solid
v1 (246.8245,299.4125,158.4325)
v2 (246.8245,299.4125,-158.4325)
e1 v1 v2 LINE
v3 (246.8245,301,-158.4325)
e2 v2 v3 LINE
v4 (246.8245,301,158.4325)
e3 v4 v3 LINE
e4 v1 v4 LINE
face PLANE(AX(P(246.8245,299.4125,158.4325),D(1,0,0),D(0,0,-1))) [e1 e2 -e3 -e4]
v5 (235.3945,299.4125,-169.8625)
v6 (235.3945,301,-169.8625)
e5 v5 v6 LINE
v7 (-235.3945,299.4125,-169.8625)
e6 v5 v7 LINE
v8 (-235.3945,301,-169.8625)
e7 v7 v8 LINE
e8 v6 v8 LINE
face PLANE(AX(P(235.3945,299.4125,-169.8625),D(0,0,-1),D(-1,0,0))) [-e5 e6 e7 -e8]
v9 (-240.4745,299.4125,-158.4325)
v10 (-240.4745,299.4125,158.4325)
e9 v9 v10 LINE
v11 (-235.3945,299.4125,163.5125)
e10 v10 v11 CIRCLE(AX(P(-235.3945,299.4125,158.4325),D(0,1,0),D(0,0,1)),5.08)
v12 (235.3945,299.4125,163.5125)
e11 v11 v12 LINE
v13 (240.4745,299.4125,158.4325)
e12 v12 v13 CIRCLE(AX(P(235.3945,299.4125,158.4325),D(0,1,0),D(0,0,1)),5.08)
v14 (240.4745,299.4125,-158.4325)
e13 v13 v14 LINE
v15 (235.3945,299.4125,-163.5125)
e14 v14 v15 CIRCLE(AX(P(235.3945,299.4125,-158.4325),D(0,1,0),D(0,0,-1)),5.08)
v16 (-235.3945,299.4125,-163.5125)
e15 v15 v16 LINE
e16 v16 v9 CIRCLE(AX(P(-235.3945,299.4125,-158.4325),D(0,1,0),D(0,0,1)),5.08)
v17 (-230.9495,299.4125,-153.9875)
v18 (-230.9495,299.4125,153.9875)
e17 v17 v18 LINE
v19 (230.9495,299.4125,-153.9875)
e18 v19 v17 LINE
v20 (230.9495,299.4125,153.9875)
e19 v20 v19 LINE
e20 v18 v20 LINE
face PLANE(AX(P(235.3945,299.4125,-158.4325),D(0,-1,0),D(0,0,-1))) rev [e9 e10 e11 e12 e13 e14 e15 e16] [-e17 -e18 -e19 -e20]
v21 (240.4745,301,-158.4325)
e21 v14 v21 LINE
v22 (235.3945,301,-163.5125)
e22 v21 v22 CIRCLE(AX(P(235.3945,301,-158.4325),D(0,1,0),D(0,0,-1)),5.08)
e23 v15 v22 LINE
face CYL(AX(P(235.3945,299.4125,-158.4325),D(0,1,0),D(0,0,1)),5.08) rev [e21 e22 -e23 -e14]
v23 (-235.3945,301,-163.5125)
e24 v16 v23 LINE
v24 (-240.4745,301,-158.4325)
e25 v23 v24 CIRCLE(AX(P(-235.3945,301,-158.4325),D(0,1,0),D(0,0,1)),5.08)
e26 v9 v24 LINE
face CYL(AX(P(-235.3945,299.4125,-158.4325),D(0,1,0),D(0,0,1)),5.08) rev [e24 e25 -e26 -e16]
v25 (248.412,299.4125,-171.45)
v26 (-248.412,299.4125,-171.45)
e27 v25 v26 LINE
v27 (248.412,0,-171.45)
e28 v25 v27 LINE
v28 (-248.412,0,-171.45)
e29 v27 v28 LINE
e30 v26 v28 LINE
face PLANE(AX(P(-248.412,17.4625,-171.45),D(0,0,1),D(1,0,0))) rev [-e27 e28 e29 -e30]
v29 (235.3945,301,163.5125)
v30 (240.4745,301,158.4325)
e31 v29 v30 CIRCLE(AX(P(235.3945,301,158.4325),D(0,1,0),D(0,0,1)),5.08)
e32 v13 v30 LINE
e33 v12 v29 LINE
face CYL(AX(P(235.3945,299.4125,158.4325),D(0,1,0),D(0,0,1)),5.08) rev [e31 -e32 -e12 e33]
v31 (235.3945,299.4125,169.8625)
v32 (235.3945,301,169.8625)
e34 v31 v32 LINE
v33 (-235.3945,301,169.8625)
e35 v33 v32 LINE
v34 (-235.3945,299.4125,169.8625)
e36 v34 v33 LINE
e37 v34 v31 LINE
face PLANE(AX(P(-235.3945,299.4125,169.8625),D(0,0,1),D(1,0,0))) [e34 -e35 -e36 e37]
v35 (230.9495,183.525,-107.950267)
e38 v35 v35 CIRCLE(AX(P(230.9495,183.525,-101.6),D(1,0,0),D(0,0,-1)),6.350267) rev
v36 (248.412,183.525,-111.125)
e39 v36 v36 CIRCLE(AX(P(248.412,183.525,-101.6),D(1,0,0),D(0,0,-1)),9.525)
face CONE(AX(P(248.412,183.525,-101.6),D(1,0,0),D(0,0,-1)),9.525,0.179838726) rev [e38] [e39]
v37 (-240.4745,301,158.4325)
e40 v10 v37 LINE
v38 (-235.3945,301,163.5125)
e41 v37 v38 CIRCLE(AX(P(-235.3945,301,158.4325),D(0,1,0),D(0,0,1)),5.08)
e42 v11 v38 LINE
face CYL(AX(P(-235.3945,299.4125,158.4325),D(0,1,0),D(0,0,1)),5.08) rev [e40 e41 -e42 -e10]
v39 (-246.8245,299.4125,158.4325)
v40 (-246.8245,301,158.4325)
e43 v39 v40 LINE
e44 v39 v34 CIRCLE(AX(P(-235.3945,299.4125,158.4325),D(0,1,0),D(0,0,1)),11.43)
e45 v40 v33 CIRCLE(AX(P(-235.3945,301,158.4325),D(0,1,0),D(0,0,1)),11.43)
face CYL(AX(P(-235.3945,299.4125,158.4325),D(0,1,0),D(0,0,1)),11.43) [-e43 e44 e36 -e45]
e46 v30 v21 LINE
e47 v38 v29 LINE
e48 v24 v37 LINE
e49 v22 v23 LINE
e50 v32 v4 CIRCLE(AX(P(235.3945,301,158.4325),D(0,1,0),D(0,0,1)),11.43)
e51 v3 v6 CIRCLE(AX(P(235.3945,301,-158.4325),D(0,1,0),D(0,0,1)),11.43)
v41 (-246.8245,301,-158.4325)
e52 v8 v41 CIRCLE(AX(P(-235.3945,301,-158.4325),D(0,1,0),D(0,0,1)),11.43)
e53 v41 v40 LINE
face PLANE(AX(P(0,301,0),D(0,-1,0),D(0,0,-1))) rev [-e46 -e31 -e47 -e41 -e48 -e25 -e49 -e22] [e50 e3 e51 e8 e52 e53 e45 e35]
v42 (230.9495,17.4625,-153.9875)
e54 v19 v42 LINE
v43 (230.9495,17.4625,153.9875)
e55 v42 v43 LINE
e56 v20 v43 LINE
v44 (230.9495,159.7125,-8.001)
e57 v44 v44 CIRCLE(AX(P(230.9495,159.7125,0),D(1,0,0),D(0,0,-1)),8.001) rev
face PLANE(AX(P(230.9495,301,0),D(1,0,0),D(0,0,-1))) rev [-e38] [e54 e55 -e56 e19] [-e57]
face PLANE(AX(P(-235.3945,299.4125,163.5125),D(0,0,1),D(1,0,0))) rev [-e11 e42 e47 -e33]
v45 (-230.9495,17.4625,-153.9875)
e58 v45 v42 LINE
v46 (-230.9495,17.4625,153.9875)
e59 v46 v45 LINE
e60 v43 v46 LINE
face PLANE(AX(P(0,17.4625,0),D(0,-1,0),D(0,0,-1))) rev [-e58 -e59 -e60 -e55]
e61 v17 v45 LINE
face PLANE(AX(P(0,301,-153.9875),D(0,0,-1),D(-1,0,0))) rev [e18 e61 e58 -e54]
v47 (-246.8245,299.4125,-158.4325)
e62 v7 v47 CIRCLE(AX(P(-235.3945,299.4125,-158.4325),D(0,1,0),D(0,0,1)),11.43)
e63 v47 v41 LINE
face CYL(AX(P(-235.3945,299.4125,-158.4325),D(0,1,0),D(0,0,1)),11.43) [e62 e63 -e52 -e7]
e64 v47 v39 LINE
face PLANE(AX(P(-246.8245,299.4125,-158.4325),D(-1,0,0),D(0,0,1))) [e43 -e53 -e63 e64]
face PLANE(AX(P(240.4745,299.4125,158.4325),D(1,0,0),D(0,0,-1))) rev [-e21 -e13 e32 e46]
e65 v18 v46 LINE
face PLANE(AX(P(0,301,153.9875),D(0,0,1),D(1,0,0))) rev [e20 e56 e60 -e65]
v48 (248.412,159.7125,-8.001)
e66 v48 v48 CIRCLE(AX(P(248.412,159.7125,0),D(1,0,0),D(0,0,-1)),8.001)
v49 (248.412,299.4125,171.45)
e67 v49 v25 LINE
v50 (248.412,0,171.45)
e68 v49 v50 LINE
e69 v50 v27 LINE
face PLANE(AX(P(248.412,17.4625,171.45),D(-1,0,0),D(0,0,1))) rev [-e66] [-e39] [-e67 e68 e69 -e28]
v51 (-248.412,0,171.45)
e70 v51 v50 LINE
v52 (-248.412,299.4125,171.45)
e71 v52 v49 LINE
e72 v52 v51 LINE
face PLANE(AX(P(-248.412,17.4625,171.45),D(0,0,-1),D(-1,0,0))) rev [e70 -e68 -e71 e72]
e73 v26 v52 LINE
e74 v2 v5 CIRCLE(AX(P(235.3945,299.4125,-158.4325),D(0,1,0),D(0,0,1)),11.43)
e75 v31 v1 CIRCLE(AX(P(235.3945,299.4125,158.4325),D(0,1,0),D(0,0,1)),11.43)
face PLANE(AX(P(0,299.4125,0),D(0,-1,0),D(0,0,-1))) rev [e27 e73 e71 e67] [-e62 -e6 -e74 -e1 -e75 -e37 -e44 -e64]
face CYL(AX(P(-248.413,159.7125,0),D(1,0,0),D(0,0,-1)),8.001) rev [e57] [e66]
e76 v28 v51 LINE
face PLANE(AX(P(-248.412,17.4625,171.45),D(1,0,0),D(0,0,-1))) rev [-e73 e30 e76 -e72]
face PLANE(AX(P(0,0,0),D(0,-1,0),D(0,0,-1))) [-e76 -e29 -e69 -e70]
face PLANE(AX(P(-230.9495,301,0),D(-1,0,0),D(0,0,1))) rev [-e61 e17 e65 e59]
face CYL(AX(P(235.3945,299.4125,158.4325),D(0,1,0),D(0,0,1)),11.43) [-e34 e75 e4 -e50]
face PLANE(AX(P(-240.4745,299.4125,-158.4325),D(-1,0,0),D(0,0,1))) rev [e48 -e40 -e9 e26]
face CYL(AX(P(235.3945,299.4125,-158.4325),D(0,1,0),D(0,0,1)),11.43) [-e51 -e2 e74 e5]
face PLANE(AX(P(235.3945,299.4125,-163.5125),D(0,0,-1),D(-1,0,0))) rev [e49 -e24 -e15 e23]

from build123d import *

# Parameters (mm, degrees)
SKETCH1_W           = 496.824
SKETCH1_H           = 342.9
BOSS_EXTRUDE1_DEPTH = 17.4625
BOSS_EXTRUDE2_START = -17.4625
SKETCH2_W           = 496.824
SKETCH2_H           = 342.9
SKETCH2_W_2         = 461.899
SKETCH2_H_2         = 307.975
BOSS_EXTRUDE2_DEPTH = 301
SKETCH11_W          = 461.899
SKETCH11_H          = 307.975
CUT_EXTRUDE2_DEPTH  = 1.5875
SKETCH30_R          = 9.525
CUT_EXTRUDE4_DEPTH  = 17.4625
CUT_EXTRUDE4_TAPER  = 10.304
SKETCH34_W          = 496.824
SKETCH34_H          = 342.9
CUT_EXTRUDE5_DEPTH  = 1.5875
CUT_EXTRUDE6_REACH  = 498.824
SKETCH35_R          = 8.001


with BuildPart() as part:
    # Sketch1 → Boss-Extrude1 (new body)
    with BuildSketch(Plane(origin=(0, 0, 0), x_dir=(1, 0, 0), z_dir=(0, 1, 0))):
        Rectangle(SKETCH1_W, SKETCH1_H)
    extrude(amount=BOSS_EXTRUDE1_DEPTH)

    # Sketch2 → Boss-Extrude2 (add)
    with BuildSketch(Plane(origin=(0, 17.4625, 0), x_dir=(1, 0, 0), z_dir=(0, 1, 0)).offset(BOSS_EXTRUDE2_START)):
        Rectangle(SKETCH2_W, SKETCH2_H)
        Rectangle(SKETCH2_W_2, SKETCH2_H_2, mode=Mode.SUBTRACT)
    extrude(amount=BOSS_EXTRUDE2_DEPTH)

    # Sketch11 → Cut-Extrude2 (cut)
    with BuildSketch(Plane(origin=(0, 301, 0), x_dir=(1, 0, 0), z_dir=(0, 1, 0))):
        with BuildLine():
            Line((235.3945, 163.5125), (-235.3945, 163.5125))
            ThreePointArc((-235.3945, 163.5125), (-238.986602448, 162.024602448), (-240.4745, 158.4325))
            Line((-240.4745, 158.4325), (-240.4745, -158.4325))
            ThreePointArc((-240.4745, -158.4325), (-238.986602448, -162.024602448), (-235.3945, -163.5125))
            Line((-235.3945, -163.5125), (235.3945, -163.5125))
            ThreePointArc((235.3945, -163.5125), (238.986602448, -162.024602448), (240.4745, -158.4325))
            Line((240.4745, -158.4325), (240.4745, 158.4325))
            ThreePointArc((240.4745, 158.4325), (238.986602448, 162.024602448), (235.3945, 163.5125))
        make_face()
        Rectangle(SKETCH11_W, SKETCH11_H, mode=Mode.SUBTRACT)
    extrude(amount=-CUT_EXTRUDE2_DEPTH, mode=Mode.SUBTRACT)

    # Sketch30 → Cut-Extrude4 (cut)
    with BuildSketch(Plane(origin=(248.412, 0, 0), x_dir=(0, 0, -1), z_dir=(1, 0, 0))):
        with Locations((101.6, 183.525)):
            Circle(SKETCH30_R)
    extrude(amount=-CUT_EXTRUDE4_DEPTH, taper=CUT_EXTRUDE4_TAPER, mode=Mode.SUBTRACT)

    # Sketch34 → Cut-Extrude5 (cut)
    with BuildSketch(Plane(origin=(0, 301, 0), x_dir=(1, 0, 0), z_dir=(0, 1, 0))):
        Rectangle(SKETCH34_W, SKETCH34_H)
        with BuildLine():
            Line((-235.3945, -169.8625), (235.3945, -169.8625))
            ThreePointArc((235.3945, -169.8625), (243.476730509, -166.514730509), (246.8245, -158.4325))
            Line((246.8245, -158.4325), (246.8245, 158.4325))
            ThreePointArc((246.8245, 158.4325), (243.476730509, 166.514730509), (235.3945, 169.8625))
            Line((235.3945, 169.8625), (-235.3945, 169.8625))
            ThreePointArc((-235.3945, 169.8625), (-243.476730509, 166.514730509), (-246.8245, 158.4325))
            Line((-246.8245, 158.4325), (-246.8245, -158.4325))
            ThreePointArc((-246.8245, -158.4325), (-243.476730509, -166.514730509), (-235.3945, -169.8625))
        make_face(mode=Mode.SUBTRACT)
    extrude(amount=-CUT_EXTRUDE5_DEPTH, mode=Mode.SUBTRACT)

    # Sketch35 → Cut-Extrude6 (cut, up to next)
    with BuildSketch(Plane(origin=(248.412, 0, 0), x_dir=(0, 0, -1), z_dir=(1, 0, 0)), mode=Mode.PRIVATE) as cut_extrude6_sk1:
        with Locations((0, 159.7125)):
            Circle(SKETCH35_R)
    cut_extrude6_tool1 = extrude(cut_extrude6_sk1.sketch, amount=-CUT_EXTRUDE6_REACH, mode=Mode.PRIVATE) & part.part
    add(cut_extrude6_tool1.solids().sort_by_distance((248.412, 159.7125, 0))[0], mode=Mode.SUBTRACT)


solid = part.part
